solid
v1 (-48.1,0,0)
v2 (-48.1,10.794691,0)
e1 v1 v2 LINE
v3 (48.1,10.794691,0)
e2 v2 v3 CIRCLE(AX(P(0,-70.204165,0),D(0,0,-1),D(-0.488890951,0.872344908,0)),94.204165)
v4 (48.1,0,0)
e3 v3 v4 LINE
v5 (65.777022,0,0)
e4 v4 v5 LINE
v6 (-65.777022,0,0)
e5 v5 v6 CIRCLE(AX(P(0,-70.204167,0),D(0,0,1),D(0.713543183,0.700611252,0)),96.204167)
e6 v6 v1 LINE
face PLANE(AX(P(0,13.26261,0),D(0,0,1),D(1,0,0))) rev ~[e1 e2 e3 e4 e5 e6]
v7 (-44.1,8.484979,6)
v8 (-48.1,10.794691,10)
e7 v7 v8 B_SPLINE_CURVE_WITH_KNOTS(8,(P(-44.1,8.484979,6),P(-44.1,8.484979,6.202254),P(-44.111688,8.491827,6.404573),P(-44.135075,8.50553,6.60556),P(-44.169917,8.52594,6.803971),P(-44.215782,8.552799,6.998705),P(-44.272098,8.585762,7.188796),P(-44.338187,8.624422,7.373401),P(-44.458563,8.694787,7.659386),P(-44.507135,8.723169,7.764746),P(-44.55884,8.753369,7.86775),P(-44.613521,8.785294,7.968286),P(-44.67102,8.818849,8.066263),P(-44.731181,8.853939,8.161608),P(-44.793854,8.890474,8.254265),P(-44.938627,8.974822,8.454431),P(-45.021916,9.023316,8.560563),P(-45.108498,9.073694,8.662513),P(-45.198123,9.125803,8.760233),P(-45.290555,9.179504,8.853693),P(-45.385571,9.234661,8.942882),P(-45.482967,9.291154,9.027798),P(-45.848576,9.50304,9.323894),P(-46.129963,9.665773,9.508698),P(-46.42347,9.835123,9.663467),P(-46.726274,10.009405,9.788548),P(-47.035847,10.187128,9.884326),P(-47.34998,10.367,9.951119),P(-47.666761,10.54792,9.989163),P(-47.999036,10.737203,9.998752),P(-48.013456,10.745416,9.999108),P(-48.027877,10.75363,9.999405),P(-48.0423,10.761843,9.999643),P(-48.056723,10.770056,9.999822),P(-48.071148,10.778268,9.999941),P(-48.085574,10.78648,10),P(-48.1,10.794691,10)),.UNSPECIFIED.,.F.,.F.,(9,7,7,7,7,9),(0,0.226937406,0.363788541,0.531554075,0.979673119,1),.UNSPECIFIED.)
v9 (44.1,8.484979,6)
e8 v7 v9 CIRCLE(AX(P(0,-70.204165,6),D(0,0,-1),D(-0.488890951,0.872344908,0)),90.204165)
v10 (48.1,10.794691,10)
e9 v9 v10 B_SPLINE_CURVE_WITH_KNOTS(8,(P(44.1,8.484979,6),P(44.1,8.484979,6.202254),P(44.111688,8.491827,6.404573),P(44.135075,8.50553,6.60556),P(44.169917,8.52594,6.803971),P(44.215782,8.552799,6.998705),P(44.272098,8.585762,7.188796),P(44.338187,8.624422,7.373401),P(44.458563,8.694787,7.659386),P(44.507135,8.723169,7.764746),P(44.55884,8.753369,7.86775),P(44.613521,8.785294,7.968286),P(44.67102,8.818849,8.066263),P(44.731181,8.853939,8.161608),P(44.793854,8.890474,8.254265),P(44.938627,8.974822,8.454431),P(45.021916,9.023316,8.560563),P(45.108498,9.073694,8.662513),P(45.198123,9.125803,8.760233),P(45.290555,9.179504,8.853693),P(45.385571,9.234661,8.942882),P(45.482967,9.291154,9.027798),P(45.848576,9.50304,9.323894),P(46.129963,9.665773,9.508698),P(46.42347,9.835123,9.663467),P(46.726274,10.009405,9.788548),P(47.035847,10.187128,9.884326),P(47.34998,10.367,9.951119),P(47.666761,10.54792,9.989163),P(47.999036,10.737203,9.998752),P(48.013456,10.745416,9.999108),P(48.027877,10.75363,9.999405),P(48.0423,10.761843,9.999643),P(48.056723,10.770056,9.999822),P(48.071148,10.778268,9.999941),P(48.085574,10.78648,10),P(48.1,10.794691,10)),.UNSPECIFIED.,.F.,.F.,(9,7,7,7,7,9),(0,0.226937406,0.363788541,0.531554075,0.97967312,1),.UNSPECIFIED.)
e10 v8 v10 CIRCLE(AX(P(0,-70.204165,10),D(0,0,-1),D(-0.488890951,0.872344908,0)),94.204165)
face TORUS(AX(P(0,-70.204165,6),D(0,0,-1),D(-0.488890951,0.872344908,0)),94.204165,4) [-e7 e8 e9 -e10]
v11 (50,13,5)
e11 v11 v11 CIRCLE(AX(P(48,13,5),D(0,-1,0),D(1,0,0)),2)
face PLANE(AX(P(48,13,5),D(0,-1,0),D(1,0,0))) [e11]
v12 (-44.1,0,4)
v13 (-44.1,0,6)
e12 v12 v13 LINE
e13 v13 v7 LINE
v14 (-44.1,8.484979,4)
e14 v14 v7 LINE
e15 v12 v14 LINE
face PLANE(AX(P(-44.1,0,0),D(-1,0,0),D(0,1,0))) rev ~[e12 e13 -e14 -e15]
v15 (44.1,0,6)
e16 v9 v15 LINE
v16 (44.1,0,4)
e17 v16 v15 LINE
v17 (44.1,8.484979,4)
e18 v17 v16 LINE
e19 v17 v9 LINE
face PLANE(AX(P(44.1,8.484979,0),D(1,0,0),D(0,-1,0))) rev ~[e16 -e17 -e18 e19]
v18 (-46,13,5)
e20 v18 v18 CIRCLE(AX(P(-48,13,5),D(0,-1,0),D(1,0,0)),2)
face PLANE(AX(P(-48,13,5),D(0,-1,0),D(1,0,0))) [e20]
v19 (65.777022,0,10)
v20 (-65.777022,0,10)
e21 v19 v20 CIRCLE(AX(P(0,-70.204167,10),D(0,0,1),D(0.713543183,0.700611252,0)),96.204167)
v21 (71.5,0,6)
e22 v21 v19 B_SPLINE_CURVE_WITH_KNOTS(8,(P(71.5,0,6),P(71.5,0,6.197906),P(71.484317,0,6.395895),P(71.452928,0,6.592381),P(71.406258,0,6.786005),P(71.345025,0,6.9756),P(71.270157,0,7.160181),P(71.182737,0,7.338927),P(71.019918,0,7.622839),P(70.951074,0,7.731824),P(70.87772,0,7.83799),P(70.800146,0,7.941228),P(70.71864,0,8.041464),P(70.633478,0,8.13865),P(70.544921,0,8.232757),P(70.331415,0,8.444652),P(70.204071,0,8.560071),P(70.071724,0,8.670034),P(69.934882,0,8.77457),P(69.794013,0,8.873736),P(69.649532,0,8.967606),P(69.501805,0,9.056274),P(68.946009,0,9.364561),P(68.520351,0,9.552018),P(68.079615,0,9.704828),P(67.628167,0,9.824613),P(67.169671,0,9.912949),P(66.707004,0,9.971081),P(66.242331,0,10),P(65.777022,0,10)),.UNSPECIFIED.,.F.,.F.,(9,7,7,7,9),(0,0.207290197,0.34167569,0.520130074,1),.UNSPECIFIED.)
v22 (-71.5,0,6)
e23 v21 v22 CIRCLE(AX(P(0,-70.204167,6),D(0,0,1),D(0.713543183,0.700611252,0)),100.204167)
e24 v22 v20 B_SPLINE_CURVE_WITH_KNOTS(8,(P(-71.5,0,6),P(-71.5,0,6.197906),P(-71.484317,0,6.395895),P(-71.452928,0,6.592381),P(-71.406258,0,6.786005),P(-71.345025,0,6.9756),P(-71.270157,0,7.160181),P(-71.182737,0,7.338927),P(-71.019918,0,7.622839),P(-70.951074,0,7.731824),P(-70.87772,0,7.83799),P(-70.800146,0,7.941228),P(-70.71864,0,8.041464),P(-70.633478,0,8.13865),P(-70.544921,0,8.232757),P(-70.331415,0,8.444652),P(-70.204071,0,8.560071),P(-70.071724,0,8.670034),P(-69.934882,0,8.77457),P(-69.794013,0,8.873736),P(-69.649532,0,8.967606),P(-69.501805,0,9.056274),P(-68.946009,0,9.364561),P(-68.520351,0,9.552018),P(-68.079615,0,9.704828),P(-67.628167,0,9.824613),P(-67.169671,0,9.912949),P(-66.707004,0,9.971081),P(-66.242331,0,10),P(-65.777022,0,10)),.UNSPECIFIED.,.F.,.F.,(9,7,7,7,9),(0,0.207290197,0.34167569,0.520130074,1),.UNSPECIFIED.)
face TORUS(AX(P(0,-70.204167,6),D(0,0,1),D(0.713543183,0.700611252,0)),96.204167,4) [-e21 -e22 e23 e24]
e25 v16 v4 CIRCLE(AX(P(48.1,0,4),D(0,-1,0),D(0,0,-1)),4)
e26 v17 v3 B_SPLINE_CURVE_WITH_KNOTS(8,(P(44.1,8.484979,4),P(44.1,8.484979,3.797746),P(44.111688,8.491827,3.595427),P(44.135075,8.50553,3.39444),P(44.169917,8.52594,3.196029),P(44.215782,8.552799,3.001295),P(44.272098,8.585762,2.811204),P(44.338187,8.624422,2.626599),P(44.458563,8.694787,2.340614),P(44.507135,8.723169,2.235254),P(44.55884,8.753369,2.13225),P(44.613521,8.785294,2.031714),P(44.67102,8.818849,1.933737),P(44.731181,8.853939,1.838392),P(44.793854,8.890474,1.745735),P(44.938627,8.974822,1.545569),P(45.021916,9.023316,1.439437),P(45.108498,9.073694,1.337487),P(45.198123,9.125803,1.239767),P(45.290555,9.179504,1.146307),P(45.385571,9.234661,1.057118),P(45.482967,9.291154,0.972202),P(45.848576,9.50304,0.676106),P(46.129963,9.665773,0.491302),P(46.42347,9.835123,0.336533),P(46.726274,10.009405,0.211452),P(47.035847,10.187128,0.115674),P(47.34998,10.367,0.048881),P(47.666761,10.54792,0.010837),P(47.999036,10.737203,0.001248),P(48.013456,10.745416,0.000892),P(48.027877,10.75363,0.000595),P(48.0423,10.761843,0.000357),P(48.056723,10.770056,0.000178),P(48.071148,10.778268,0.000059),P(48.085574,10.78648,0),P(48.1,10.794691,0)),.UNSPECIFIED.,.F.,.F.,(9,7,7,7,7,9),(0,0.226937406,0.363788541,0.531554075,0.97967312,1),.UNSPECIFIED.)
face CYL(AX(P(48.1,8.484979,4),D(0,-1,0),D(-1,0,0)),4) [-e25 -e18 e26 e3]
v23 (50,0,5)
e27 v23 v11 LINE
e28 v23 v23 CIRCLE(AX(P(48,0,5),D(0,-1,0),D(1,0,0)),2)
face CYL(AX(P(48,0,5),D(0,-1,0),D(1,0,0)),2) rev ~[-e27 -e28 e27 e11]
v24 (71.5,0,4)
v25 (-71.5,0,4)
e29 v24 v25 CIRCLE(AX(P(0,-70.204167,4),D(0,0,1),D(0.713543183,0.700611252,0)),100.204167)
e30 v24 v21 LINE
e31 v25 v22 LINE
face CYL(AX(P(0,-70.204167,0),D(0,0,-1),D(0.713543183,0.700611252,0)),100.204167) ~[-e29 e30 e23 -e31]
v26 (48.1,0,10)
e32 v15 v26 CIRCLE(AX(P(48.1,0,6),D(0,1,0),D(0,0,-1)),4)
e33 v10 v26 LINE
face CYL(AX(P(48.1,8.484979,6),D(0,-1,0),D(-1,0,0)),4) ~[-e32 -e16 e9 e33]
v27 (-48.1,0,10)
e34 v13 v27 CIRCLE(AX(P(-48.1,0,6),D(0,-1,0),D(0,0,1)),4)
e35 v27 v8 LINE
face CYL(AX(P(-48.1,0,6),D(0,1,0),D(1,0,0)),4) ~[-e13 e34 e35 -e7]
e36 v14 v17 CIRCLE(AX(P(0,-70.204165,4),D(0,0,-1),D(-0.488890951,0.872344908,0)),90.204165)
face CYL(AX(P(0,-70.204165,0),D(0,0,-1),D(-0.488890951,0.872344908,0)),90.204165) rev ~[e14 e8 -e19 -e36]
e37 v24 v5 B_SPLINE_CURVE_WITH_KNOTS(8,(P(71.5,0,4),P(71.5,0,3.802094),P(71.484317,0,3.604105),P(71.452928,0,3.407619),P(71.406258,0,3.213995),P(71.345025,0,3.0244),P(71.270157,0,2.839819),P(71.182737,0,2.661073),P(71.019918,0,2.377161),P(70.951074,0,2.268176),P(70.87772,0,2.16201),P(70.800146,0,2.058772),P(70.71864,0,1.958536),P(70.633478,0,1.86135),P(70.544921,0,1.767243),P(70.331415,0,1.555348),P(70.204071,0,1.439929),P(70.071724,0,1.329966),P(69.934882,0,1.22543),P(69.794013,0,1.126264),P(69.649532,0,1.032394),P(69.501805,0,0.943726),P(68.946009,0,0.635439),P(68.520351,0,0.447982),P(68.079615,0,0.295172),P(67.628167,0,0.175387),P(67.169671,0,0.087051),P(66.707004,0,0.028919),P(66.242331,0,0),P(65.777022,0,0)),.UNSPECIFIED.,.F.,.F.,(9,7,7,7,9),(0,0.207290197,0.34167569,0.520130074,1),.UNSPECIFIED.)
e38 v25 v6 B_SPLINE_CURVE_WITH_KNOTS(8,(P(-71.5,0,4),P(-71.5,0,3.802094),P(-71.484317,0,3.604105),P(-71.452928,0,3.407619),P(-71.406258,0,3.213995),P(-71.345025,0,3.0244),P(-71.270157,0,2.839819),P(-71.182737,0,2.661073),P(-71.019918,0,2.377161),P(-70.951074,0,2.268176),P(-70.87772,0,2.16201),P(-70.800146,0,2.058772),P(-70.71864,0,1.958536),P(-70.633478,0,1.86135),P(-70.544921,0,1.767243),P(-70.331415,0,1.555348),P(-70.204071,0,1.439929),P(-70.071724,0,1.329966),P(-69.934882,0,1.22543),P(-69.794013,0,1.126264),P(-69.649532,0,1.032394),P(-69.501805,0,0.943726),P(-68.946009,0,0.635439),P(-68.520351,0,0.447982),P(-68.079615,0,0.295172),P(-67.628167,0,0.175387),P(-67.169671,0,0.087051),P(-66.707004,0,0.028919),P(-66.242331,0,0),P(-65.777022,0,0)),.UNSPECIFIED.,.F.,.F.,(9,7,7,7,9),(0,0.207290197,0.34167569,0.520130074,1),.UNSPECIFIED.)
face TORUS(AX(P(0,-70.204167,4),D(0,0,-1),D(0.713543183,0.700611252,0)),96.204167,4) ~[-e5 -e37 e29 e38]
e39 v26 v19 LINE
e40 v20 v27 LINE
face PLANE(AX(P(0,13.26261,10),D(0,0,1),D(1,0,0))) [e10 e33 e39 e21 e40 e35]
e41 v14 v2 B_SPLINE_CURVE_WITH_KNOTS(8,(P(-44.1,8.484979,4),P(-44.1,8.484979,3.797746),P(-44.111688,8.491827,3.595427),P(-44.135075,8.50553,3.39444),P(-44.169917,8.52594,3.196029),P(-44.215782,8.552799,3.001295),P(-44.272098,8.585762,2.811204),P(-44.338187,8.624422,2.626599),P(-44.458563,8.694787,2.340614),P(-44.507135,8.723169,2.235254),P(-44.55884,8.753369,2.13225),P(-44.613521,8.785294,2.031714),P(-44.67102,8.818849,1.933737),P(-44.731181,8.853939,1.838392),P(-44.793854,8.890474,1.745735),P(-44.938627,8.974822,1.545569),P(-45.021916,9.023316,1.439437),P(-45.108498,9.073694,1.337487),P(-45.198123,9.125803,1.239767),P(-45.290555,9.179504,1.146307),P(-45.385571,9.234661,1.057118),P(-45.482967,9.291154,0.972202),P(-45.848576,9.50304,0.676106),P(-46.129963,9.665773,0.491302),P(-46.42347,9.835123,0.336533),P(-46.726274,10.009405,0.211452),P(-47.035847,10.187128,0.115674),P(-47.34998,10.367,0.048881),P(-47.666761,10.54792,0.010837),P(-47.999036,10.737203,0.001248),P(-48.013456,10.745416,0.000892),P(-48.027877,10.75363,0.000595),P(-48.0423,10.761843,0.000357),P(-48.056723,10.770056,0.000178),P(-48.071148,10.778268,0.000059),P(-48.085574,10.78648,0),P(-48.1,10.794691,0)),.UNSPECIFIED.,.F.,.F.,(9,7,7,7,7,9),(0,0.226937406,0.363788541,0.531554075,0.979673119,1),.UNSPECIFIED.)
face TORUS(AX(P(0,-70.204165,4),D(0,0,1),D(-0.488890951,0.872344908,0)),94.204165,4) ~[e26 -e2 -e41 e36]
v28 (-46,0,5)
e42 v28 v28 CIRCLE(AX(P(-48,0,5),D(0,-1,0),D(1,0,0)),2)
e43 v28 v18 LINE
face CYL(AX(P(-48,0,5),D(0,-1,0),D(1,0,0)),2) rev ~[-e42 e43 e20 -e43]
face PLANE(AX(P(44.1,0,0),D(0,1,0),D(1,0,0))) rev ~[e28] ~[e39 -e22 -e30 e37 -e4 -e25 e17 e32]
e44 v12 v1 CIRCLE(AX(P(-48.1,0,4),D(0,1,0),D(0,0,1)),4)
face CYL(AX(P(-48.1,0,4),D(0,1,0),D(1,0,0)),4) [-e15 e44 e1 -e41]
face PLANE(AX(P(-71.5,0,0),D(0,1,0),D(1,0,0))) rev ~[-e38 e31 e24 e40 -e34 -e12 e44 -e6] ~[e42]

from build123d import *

# Parameters (mm, degrees)
F1_DEPTH = 10
F2_R     = 4
F3_R     = 2
F4_DEPTH = 13


with BuildPart() as f1:
    # F0 (on Top) → F1 (new body)
    with BuildSketch(Plane.XY):
        with BuildLine():
            Line((44.1, 0), (71.5, 0))
            ThreePointArc((71.5, 0), (0, 30), (-71.5, 0))
            Line((-71.5, 0), (-44.1, 0))
            Line((-44.1, 0), (-44.1, 8.484979))
            ThreePointArc((-44.1, 8.484979), (0, 20), (44.1, 8.484979))
            Line((44.1, 8.484979), (44.1, 0))
        make_face()
    extrude(amount=F1_DEPTH)

    # F2
    f2_edges = [f1.edges().sort_by_distance(p)[0] for p in [
        (0, 20, 10),
        (0, 30, 10),
        (0, 20, 0),
        (0, 30, 0),
        (-44.1, 4.24249, 0),
        (-44.1, 4.24249, 10),
        (44.1, 4.24249, 0),
        (44.1, 4.24249, 10),
    ]]
    fillet(f2_edges, radius=F2_R)

    # F3 (on face) → F4 (cut)
    with BuildSketch(Plane.XZ):
        with Locations((48, 5)):
            Circle(F3_R)
        with Locations((-48, 5)):
            Circle(F3_R)
    extrude(amount=-F4_DEPTH, mode=Mode.SUBTRACT)


solid = f1.part
